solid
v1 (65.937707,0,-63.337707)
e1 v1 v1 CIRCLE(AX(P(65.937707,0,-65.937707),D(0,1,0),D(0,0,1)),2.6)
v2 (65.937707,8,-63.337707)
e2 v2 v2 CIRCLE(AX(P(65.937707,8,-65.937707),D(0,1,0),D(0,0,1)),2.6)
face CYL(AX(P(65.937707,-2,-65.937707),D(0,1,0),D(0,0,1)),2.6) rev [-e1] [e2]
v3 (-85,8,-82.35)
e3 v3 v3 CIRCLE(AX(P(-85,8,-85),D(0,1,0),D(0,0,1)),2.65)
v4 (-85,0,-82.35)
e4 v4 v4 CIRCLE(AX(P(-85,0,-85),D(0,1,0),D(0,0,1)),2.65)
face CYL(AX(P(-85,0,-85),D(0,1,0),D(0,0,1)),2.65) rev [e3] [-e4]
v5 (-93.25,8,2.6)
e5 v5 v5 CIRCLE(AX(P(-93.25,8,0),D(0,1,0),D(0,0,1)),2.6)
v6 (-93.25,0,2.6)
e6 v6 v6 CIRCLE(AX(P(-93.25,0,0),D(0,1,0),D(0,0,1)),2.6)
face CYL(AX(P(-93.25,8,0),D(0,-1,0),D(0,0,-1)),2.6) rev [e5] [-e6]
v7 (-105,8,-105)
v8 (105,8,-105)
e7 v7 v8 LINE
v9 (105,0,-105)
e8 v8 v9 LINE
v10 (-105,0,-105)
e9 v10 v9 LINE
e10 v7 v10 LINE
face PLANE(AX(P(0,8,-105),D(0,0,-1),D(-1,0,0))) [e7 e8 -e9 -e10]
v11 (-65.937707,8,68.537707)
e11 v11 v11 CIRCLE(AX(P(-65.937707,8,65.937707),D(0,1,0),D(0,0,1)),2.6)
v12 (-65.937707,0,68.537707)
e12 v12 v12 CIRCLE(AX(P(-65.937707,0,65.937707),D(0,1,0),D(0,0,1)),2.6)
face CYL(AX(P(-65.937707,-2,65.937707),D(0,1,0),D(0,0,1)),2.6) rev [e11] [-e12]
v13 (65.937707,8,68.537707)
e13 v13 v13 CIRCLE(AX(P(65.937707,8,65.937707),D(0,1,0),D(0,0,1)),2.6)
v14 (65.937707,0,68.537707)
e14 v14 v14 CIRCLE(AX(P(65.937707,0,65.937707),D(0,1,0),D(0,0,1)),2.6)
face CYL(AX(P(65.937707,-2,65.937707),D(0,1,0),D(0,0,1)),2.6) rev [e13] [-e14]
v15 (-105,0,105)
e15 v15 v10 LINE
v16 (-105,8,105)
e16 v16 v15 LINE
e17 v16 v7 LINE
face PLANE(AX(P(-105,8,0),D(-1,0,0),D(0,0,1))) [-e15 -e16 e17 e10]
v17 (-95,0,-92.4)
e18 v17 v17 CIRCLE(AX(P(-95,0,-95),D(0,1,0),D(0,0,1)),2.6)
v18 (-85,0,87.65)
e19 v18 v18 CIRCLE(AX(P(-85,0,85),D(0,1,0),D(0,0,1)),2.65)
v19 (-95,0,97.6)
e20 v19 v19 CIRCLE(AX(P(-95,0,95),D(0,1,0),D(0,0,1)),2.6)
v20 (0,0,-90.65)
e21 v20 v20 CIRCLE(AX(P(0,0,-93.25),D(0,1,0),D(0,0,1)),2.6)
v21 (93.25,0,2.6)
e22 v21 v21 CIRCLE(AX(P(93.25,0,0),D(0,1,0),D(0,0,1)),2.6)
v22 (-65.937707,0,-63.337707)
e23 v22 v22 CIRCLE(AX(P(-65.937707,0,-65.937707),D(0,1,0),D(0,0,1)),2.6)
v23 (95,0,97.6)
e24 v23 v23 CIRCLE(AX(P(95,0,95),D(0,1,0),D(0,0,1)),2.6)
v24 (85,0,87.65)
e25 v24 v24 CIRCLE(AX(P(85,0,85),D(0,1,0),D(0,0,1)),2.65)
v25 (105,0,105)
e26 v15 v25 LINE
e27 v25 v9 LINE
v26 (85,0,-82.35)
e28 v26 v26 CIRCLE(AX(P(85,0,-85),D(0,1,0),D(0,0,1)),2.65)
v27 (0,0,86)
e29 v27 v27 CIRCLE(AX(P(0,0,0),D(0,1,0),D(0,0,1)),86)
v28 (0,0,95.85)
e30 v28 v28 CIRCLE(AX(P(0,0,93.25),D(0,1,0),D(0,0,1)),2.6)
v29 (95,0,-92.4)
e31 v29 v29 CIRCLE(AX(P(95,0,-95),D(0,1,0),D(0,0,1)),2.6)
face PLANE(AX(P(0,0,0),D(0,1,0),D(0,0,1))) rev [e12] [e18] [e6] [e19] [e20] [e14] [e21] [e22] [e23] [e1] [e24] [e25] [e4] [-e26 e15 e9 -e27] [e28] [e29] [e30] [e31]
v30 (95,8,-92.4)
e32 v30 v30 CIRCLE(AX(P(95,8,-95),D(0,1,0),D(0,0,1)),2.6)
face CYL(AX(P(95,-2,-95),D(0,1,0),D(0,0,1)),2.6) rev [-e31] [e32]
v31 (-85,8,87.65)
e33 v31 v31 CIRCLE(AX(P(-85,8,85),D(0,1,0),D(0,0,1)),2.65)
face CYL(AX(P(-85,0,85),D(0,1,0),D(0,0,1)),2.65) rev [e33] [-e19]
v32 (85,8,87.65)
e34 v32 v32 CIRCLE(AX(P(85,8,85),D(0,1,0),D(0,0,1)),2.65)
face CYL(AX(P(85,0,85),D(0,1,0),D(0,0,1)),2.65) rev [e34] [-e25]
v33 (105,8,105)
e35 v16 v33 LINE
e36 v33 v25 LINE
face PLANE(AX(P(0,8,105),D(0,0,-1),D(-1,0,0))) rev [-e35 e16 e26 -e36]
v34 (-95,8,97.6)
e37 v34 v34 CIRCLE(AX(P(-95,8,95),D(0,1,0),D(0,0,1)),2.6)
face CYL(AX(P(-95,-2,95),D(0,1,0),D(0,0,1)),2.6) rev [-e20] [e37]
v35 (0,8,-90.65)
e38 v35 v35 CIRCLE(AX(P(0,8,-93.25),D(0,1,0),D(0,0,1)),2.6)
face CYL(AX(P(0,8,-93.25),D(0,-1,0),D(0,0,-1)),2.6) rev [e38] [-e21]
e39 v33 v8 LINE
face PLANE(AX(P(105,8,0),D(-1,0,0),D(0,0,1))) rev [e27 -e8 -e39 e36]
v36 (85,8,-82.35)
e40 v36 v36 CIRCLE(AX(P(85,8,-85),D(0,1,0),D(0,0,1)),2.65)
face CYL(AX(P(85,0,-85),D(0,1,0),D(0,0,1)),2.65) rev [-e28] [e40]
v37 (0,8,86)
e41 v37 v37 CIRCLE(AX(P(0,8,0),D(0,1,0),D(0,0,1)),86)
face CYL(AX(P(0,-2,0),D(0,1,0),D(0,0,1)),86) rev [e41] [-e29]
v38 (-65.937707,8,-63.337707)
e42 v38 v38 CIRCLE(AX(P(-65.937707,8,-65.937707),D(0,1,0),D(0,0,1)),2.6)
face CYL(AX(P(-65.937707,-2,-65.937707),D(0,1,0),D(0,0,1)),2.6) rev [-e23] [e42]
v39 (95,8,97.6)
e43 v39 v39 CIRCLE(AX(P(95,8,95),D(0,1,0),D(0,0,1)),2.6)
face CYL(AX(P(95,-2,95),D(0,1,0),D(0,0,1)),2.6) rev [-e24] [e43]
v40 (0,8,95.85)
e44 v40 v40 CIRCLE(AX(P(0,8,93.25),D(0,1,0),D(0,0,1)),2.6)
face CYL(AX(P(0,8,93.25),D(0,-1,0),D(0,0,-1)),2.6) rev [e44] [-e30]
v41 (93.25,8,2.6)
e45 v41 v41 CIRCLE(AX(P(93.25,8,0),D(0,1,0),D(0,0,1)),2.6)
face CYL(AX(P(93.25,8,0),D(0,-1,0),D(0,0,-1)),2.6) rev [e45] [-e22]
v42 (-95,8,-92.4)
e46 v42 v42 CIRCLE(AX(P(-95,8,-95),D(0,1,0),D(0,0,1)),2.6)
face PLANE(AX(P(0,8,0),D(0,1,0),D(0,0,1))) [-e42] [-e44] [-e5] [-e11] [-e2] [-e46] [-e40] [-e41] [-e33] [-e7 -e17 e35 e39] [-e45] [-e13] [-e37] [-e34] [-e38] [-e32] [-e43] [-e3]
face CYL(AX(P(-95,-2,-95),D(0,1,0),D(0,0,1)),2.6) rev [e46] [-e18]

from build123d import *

# Parameters (mm, degrees)
SKETCH_1_W          = 210
SKETCH_1_H          = 210
SKETCH_1_R          = 85.5
SKETCH_1_R_2        = 2.6
EXTRUDE_1_DEPTH     = 8
SKETCH_2_R          = 2.6
CUT_EXTRUDE_1_DEPTH = 10
SKETCH_3_R          = 86
CUT_EXTRUDE_2_DEPTH = 10
SKETCH_4_R          = 2.65
CUT_EXTRUDE_3_DEPTH = 149.707767114


with BuildPart() as part:
    # 草图1 → 凸台-拉伸1 (new body)
    with BuildSketch(Plane(origin=(0, 0, 0), x_dir=(1, 0, 0), z_dir=(0, 1, 0))):
        Rectangle(SKETCH_1_W, SKETCH_1_H)
        with Locations(Location((0, 0, 0), (0, 0, 270))):
            Circle(SKETCH_1_R, mode=Mode.SUBTRACT)
        with Locations(Location((0, 93.25, 0), (0, 0, 270))):
            Circle(SKETCH_1_R_2, mode=Mode.SUBTRACT)
        with Locations(Location((93.25, 0, 0), (0, 0, 270))):
            Circle(SKETCH_1_R_2, mode=Mode.SUBTRACT)
        with Locations(Location((0, -93.25, 0), (0, 0, 270))):
            Circle(SKETCH_1_R_2, mode=Mode.SUBTRACT)
        with Locations(Location((-93.25, 0, 0), (0, 0, 270))):
            Circle(SKETCH_1_R_2, mode=Mode.SUBTRACT)
    extrude(amount=EXTRUDE_1_DEPTH)

    # 草图2 → 切除-拉伸1 (cut)
    with BuildSketch(Plane(origin=(0, 8, 0), x_dir=(1, 0, 0), z_dir=(0, 1, 0))):
        with Locations(Location((65.937707346, -65.937707346, 0), (0, 0, 270))):
            Circle(SKETCH_2_R)
        with Locations(Location((95, 95, 0), (0, 0, 270))):
            Circle(SKETCH_2_R)
        with Locations(Location((-65.937707346, 65.937707346, 0), (0, 0, 270))):
            Circle(SKETCH_2_R)
        with Locations(Location((65.937707346, 65.937707346, 0), (0, 0, 270))):
            Circle(SKETCH_2_R)
        with Locations(Location((-65.937707346, -65.937707346, 0), (0, 0, 270))):
            Circle(SKETCH_2_R)
        with Locations(Location((95, -95, 0), (0, 0, 270))):
            Circle(SKETCH_2_R)
        with Locations(Location((-95, -95, 0), (0, 0, 270))):
            Circle(SKETCH_2_R)
        with Locations(Location((-95, 95, 0), (0, 0, 270))):
            Circle(SKETCH_2_R)
    extrude(amount=-CUT_EXTRUDE_1_DEPTH, mode=Mode.SUBTRACT)

    # 草图3 → 切除-拉伸2 (cut)
    with BuildSketch(Plane(origin=(0, 8, 0), x_dir=(1, 0, 0), z_dir=(0, 1, 0))):
        with Locations(Location((0, 0, 0), (0, 0, 270))):
            Circle(SKETCH_3_R)
    extrude(amount=-CUT_EXTRUDE_2_DEPTH, mode=Mode.SUBTRACT)

    # 草图4 → 切除-拉伸3 (cut, through all)
    with BuildSketch(Plane(origin=(0, 8, 0), x_dir=(1, 0, 0), z_dir=(0, 1, 0))):
        with Locations(Location((85, 85, 0), (0, 0, 270))):
            Circle(SKETCH_4_R)
        with Locations(Location((-85, -85, 0), (0, 0, 270))):
            Circle(SKETCH_4_R)
        with Locations(Location((-85, 85, 0), (0, 0, 270))):
            Circle(SKETCH_4_R)
        with Locations(Location((85, -85, 0), (0, 0, 270))):
            Circle(SKETCH_4_R)
    extrude(amount=-CUT_EXTRUDE_3_DEPTH, mode=Mode.SUBTRACT)


solid = part.part
